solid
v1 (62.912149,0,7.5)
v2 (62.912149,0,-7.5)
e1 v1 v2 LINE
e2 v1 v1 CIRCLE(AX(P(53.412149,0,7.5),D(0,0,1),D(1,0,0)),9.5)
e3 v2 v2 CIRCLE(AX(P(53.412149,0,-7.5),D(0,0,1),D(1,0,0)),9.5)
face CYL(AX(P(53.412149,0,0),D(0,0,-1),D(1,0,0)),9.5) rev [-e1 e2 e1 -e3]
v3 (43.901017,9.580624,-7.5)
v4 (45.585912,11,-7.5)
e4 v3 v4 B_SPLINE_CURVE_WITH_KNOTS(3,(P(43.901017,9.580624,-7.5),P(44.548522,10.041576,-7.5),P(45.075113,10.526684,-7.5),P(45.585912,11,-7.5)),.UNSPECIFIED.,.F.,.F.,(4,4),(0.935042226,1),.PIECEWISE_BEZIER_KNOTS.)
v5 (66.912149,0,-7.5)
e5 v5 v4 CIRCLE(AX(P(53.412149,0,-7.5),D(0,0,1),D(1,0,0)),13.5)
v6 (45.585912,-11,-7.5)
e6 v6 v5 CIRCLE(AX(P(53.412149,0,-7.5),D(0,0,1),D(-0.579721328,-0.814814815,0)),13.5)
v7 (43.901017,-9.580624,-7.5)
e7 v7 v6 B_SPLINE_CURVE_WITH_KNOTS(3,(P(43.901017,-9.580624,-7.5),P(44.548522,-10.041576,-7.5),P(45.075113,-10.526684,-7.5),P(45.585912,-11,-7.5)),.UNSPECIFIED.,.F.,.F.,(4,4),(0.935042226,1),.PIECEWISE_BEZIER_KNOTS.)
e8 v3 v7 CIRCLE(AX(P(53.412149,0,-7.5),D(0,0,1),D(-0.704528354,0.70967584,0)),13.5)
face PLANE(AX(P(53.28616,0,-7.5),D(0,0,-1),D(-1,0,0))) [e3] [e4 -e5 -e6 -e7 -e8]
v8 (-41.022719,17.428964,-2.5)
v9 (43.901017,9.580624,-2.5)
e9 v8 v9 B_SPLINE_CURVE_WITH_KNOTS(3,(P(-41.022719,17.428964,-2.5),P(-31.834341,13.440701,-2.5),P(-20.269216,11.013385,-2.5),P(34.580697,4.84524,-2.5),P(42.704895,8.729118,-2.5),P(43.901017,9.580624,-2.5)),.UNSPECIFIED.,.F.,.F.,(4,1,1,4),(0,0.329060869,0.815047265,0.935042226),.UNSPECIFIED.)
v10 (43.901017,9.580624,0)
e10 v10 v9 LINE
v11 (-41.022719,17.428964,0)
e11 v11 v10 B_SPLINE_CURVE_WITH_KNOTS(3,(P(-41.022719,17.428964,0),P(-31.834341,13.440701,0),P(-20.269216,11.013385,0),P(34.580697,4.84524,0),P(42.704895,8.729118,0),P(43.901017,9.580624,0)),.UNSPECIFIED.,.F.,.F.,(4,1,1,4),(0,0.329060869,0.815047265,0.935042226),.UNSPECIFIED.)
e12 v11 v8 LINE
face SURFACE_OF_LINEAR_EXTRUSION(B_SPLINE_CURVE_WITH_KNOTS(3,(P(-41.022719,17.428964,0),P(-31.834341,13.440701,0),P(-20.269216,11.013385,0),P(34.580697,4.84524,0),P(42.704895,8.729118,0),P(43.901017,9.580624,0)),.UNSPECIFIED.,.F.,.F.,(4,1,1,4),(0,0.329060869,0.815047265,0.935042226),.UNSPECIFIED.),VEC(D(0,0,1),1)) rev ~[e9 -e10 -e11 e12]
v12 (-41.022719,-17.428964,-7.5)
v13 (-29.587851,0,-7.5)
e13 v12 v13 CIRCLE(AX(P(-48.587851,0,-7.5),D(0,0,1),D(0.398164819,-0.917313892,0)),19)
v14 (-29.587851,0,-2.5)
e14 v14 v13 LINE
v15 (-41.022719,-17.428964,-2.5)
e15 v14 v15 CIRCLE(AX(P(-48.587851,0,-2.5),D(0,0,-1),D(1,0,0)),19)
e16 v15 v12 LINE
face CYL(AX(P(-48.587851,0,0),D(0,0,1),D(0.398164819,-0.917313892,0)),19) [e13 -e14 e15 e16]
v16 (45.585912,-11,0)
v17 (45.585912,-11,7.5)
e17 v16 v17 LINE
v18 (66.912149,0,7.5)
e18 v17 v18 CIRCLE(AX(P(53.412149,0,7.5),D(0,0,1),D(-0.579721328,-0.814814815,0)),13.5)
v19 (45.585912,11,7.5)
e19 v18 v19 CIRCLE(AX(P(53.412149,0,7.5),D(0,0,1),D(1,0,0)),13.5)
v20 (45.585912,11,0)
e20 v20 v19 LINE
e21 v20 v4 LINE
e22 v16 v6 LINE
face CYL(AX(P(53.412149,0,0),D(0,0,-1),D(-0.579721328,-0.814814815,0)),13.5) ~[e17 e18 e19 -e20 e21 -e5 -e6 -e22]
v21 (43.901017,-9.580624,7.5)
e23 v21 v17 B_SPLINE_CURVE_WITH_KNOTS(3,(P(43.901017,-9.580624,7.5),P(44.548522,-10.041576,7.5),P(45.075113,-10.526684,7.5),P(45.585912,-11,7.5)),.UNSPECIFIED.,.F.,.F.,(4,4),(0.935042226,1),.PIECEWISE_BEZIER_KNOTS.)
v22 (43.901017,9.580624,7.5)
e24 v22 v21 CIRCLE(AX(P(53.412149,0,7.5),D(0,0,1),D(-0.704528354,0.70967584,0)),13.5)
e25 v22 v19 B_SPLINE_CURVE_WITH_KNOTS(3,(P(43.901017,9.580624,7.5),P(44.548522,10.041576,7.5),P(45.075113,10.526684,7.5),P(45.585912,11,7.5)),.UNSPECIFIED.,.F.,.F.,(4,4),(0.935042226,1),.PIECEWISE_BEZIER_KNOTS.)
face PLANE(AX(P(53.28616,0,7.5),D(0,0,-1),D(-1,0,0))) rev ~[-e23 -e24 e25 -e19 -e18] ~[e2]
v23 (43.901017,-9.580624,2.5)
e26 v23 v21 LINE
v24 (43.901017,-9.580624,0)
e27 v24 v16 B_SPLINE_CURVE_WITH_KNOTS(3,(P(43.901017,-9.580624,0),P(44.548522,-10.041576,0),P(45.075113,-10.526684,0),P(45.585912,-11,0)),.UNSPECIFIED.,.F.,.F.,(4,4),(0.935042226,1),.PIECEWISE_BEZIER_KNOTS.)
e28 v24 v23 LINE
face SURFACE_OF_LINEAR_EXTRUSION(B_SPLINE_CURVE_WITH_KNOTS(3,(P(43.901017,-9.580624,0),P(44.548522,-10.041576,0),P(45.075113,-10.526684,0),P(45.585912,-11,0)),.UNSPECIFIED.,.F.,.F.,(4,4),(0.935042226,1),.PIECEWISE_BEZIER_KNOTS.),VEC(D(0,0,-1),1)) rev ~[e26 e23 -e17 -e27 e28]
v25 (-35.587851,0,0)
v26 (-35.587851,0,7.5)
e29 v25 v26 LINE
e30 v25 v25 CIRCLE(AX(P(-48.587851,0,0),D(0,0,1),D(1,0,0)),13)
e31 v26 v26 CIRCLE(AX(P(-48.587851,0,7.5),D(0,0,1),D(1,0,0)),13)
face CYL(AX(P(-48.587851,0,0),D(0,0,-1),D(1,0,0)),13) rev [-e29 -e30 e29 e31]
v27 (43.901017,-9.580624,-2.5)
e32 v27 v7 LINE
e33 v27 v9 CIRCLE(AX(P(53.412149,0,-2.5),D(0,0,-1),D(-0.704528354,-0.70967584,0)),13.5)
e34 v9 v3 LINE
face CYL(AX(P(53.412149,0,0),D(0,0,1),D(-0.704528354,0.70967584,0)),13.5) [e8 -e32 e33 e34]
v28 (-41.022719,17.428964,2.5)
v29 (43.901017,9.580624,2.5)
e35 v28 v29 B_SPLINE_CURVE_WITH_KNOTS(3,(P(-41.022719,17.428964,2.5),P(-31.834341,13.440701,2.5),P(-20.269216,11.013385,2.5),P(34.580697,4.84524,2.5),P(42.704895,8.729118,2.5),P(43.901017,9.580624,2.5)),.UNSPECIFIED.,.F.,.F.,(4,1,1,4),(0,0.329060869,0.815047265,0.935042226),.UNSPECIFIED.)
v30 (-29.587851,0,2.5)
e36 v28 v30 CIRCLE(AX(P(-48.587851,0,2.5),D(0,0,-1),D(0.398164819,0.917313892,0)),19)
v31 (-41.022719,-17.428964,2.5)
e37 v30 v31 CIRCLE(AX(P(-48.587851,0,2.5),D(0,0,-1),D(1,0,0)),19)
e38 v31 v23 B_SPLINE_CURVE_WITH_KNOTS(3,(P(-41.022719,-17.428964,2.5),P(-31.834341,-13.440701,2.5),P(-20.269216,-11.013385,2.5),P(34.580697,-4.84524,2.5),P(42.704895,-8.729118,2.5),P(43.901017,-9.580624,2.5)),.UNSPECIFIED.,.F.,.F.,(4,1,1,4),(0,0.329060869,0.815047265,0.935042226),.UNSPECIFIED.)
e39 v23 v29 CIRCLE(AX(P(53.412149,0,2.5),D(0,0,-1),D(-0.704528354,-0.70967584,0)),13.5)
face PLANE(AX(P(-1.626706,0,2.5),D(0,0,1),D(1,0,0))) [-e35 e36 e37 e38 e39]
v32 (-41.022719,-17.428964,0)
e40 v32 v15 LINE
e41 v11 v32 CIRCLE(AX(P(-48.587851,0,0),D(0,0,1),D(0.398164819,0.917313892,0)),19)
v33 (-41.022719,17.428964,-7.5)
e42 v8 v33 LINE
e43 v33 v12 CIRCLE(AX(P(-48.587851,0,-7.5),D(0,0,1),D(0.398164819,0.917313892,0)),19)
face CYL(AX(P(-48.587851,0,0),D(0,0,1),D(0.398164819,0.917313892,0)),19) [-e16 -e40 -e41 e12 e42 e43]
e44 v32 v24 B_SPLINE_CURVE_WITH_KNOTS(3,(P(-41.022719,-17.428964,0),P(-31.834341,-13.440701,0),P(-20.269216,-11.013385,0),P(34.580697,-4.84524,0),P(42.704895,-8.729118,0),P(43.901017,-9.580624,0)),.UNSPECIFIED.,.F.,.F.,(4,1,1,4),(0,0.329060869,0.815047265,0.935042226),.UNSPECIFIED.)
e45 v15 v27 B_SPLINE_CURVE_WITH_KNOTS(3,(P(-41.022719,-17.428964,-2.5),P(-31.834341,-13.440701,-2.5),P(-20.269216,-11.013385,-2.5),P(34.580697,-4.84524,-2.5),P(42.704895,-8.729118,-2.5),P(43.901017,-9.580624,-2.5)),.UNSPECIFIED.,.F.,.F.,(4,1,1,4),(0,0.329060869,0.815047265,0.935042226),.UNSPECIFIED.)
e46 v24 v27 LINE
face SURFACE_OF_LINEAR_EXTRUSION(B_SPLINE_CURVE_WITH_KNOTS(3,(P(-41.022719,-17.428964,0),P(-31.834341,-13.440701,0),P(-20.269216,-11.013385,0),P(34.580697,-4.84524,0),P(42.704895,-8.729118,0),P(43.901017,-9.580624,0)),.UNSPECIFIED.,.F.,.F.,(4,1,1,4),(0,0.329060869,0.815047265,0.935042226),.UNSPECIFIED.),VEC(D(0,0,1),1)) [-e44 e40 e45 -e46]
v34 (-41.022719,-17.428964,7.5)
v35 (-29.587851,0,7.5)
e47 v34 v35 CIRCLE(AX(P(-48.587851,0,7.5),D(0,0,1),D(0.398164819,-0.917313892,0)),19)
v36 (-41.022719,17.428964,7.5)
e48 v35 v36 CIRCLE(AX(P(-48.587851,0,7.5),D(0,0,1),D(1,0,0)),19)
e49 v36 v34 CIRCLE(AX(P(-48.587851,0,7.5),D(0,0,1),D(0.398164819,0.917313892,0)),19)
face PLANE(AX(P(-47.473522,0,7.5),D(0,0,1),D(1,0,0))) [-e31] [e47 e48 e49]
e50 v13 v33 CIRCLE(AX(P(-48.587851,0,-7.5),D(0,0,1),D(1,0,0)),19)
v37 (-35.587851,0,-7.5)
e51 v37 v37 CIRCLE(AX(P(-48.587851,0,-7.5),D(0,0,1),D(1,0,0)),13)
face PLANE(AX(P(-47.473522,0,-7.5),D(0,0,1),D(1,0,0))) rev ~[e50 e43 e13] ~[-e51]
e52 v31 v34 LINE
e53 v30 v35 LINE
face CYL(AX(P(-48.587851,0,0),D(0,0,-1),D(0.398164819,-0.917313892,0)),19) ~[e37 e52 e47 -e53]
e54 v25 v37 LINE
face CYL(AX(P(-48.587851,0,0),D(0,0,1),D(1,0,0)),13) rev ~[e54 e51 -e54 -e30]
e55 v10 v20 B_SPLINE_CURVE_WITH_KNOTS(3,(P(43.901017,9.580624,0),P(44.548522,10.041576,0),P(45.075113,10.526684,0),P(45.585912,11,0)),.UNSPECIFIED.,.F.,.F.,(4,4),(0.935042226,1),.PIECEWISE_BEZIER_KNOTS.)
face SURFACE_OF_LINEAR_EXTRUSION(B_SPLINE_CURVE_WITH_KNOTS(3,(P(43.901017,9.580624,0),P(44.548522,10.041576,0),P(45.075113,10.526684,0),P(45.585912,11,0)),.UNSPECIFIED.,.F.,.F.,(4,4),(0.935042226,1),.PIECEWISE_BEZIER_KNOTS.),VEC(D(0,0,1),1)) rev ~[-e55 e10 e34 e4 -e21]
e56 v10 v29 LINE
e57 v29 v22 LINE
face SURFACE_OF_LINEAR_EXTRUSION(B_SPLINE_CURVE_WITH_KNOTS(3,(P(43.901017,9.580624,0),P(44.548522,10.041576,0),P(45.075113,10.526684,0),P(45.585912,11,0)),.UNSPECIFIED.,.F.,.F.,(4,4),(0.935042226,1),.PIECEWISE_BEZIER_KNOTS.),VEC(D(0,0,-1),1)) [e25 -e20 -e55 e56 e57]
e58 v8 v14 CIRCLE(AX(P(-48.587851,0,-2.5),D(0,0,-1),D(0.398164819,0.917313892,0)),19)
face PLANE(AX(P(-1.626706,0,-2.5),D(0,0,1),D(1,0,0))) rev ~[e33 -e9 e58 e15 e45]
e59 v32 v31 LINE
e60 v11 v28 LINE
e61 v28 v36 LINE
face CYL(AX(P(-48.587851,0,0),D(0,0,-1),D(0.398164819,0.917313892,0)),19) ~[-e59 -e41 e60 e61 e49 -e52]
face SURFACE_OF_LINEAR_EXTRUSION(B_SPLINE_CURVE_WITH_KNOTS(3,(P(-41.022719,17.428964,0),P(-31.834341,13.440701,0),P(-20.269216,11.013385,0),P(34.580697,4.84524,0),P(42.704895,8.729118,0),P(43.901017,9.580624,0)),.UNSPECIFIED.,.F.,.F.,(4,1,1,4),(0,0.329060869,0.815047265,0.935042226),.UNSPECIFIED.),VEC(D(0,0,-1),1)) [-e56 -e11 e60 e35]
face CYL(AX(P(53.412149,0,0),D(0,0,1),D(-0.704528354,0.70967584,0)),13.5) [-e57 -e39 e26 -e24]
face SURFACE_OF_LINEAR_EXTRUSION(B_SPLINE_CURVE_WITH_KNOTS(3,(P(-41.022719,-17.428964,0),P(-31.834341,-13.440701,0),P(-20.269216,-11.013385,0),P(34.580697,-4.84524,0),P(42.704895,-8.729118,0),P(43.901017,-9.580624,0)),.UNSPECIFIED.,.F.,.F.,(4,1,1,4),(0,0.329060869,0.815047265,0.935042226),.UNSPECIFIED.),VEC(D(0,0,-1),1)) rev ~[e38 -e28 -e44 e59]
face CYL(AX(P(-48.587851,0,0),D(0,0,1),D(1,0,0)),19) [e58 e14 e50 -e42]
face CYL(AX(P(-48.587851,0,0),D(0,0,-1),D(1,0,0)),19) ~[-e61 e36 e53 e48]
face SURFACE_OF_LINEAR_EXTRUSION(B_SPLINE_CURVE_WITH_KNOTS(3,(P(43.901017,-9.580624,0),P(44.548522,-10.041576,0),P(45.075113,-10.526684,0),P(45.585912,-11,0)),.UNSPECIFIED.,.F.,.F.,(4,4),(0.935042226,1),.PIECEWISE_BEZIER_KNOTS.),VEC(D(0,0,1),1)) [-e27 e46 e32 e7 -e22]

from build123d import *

# Parameters (mm, degrees)
F0_R          = 9.5
F1_DEPTH      = 7.5
F1_DEPTH_BACK = 7.5
F2_DEPTH      = 2.5
F2_DEPTH_BACK = 2.5
F0_R_2        = 13
F3_DEPTH      = 7.5
F3_DEPTH_BACK = 7.5


with BuildPart() as f1:
    # F0 (on Top) → F1 (new body, two sides)
    with BuildSketch(Plane.XY) as f1_sk:
        with BuildLine():
            add(Edge.make_bspline(
                [(43.9010166471, 9.5806238455), (44.5485219286, 10.0415760161), (45.0751125089, 10.5266840027), (45.5859115044, 11)],
                knots=[0.9350422263, 0.9350422263, 0.9350422263, 0.9350422263, 1, 1, 1, 1], degree=3))
            ThreePointArc((43.9010166471, 9.5806238455), (39.9121494256, 0), (43.9010166471, -9.5806238455))
            add(Edge.make_bspline(
                [(43.9010166471, -9.5806238455), (44.5485219286, -10.0415760161), (45.0751125089, -10.5266840027), (45.5859115044, -11)],
                knots=[0.9350422263, 0.9350422263, 0.9350422263, 0.9350422263, 1, 1, 1, 1], degree=3))
            ThreePointArc((45.5859115044, -11), (59.6006786557, -11.9980042494), (66.9121494256, 0))
            ThreePointArc((66.9121494256, 0), (59.6006786557, 11.9980042494), (45.5859115044, 11))
        make_face()
        with Locations((53.4121494256, 0)):
            Circle(F0_R, mode=Mode.SUBTRACT)
    extrude(amount=F1_DEPTH)
    extrude(f1_sk.sketch, amount=-F1_DEPTH_BACK)

    # F0 (on Top) → F2 (join, two sides)
    with BuildSketch(Plane.XY) as f2_sk:
        with BuildLine():
            ThreePointArc((-41.0227190043, 17.4289639487), (-32.7017324231, 10.4226316295), (-29.5878505744, 0))
            ThreePointArc((-29.5878505744, 0), (-32.7017324231, -10.4226316295), (-41.0227190043, -17.4289639487))
            add(Edge.make_bspline(
                [(-41.0227190043, -17.4289639487), (-31.8343407137, -13.4407010268), (-20.2692157487, -11.0133845608), (34.5806966737, -4.8452402532), (42.7048954376, -8.7291177906), (43.9010166471, -9.5806238455)],
                knots=[0, 0, 0, 0, 0.3290608689, 0.8150472654, 0.9350422263, 0.9350422263, 0.9350422263, 0.9350422263], degree=3))
            ThreePointArc((43.9010166471, -9.5806238455), (39.9121494256, 0), (43.9010166471, 9.5806238455))
            add(Edge.make_bspline(
                [(-41.0227190043, 17.4289639487), (-31.8343407137, 13.4407010268), (-20.2692157487, 11.0133845608), (34.5806966737, 4.8452402532), (42.7048954376, 8.7291177906), (43.9010166471, 9.5806238455)],
                knots=[0, 0, 0, 0, 0.3290608689, 0.8150472654, 0.9350422263, 0.9350422263, 0.9350422263, 0.9350422263], degree=3))
        make_face()
    extrude(amount=F2_DEPTH)
    extrude(f2_sk.sketch, amount=-F2_DEPTH_BACK)

    # F0 (on Top) → F3 (join, two sides)
    with BuildSketch(Plane.XY) as f3_sk:
        with BuildLine():
            ThreePointArc((-41.0227190043, -17.4289639487), (-32.7017324231, -10.4226316295), (-29.5878505744, 0))
            ThreePointArc((-29.5878505744, 0), (-32.7017324231, 10.4226316295), (-41.0227190043, 17.4289639487))
            ThreePointArc((-41.0227190043, 17.4289639487), (-67.5878505744, 0), (-41.0227190043, -17.4289639487))
        make_face()
        with Locations((-48.5878505744, 0)):
            Circle(F0_R_2, mode=Mode.SUBTRACT)
    extrude(amount=F3_DEPTH)
    extrude(f3_sk.sketch, amount=-F3_DEPTH_BACK)


solid = f1.part
